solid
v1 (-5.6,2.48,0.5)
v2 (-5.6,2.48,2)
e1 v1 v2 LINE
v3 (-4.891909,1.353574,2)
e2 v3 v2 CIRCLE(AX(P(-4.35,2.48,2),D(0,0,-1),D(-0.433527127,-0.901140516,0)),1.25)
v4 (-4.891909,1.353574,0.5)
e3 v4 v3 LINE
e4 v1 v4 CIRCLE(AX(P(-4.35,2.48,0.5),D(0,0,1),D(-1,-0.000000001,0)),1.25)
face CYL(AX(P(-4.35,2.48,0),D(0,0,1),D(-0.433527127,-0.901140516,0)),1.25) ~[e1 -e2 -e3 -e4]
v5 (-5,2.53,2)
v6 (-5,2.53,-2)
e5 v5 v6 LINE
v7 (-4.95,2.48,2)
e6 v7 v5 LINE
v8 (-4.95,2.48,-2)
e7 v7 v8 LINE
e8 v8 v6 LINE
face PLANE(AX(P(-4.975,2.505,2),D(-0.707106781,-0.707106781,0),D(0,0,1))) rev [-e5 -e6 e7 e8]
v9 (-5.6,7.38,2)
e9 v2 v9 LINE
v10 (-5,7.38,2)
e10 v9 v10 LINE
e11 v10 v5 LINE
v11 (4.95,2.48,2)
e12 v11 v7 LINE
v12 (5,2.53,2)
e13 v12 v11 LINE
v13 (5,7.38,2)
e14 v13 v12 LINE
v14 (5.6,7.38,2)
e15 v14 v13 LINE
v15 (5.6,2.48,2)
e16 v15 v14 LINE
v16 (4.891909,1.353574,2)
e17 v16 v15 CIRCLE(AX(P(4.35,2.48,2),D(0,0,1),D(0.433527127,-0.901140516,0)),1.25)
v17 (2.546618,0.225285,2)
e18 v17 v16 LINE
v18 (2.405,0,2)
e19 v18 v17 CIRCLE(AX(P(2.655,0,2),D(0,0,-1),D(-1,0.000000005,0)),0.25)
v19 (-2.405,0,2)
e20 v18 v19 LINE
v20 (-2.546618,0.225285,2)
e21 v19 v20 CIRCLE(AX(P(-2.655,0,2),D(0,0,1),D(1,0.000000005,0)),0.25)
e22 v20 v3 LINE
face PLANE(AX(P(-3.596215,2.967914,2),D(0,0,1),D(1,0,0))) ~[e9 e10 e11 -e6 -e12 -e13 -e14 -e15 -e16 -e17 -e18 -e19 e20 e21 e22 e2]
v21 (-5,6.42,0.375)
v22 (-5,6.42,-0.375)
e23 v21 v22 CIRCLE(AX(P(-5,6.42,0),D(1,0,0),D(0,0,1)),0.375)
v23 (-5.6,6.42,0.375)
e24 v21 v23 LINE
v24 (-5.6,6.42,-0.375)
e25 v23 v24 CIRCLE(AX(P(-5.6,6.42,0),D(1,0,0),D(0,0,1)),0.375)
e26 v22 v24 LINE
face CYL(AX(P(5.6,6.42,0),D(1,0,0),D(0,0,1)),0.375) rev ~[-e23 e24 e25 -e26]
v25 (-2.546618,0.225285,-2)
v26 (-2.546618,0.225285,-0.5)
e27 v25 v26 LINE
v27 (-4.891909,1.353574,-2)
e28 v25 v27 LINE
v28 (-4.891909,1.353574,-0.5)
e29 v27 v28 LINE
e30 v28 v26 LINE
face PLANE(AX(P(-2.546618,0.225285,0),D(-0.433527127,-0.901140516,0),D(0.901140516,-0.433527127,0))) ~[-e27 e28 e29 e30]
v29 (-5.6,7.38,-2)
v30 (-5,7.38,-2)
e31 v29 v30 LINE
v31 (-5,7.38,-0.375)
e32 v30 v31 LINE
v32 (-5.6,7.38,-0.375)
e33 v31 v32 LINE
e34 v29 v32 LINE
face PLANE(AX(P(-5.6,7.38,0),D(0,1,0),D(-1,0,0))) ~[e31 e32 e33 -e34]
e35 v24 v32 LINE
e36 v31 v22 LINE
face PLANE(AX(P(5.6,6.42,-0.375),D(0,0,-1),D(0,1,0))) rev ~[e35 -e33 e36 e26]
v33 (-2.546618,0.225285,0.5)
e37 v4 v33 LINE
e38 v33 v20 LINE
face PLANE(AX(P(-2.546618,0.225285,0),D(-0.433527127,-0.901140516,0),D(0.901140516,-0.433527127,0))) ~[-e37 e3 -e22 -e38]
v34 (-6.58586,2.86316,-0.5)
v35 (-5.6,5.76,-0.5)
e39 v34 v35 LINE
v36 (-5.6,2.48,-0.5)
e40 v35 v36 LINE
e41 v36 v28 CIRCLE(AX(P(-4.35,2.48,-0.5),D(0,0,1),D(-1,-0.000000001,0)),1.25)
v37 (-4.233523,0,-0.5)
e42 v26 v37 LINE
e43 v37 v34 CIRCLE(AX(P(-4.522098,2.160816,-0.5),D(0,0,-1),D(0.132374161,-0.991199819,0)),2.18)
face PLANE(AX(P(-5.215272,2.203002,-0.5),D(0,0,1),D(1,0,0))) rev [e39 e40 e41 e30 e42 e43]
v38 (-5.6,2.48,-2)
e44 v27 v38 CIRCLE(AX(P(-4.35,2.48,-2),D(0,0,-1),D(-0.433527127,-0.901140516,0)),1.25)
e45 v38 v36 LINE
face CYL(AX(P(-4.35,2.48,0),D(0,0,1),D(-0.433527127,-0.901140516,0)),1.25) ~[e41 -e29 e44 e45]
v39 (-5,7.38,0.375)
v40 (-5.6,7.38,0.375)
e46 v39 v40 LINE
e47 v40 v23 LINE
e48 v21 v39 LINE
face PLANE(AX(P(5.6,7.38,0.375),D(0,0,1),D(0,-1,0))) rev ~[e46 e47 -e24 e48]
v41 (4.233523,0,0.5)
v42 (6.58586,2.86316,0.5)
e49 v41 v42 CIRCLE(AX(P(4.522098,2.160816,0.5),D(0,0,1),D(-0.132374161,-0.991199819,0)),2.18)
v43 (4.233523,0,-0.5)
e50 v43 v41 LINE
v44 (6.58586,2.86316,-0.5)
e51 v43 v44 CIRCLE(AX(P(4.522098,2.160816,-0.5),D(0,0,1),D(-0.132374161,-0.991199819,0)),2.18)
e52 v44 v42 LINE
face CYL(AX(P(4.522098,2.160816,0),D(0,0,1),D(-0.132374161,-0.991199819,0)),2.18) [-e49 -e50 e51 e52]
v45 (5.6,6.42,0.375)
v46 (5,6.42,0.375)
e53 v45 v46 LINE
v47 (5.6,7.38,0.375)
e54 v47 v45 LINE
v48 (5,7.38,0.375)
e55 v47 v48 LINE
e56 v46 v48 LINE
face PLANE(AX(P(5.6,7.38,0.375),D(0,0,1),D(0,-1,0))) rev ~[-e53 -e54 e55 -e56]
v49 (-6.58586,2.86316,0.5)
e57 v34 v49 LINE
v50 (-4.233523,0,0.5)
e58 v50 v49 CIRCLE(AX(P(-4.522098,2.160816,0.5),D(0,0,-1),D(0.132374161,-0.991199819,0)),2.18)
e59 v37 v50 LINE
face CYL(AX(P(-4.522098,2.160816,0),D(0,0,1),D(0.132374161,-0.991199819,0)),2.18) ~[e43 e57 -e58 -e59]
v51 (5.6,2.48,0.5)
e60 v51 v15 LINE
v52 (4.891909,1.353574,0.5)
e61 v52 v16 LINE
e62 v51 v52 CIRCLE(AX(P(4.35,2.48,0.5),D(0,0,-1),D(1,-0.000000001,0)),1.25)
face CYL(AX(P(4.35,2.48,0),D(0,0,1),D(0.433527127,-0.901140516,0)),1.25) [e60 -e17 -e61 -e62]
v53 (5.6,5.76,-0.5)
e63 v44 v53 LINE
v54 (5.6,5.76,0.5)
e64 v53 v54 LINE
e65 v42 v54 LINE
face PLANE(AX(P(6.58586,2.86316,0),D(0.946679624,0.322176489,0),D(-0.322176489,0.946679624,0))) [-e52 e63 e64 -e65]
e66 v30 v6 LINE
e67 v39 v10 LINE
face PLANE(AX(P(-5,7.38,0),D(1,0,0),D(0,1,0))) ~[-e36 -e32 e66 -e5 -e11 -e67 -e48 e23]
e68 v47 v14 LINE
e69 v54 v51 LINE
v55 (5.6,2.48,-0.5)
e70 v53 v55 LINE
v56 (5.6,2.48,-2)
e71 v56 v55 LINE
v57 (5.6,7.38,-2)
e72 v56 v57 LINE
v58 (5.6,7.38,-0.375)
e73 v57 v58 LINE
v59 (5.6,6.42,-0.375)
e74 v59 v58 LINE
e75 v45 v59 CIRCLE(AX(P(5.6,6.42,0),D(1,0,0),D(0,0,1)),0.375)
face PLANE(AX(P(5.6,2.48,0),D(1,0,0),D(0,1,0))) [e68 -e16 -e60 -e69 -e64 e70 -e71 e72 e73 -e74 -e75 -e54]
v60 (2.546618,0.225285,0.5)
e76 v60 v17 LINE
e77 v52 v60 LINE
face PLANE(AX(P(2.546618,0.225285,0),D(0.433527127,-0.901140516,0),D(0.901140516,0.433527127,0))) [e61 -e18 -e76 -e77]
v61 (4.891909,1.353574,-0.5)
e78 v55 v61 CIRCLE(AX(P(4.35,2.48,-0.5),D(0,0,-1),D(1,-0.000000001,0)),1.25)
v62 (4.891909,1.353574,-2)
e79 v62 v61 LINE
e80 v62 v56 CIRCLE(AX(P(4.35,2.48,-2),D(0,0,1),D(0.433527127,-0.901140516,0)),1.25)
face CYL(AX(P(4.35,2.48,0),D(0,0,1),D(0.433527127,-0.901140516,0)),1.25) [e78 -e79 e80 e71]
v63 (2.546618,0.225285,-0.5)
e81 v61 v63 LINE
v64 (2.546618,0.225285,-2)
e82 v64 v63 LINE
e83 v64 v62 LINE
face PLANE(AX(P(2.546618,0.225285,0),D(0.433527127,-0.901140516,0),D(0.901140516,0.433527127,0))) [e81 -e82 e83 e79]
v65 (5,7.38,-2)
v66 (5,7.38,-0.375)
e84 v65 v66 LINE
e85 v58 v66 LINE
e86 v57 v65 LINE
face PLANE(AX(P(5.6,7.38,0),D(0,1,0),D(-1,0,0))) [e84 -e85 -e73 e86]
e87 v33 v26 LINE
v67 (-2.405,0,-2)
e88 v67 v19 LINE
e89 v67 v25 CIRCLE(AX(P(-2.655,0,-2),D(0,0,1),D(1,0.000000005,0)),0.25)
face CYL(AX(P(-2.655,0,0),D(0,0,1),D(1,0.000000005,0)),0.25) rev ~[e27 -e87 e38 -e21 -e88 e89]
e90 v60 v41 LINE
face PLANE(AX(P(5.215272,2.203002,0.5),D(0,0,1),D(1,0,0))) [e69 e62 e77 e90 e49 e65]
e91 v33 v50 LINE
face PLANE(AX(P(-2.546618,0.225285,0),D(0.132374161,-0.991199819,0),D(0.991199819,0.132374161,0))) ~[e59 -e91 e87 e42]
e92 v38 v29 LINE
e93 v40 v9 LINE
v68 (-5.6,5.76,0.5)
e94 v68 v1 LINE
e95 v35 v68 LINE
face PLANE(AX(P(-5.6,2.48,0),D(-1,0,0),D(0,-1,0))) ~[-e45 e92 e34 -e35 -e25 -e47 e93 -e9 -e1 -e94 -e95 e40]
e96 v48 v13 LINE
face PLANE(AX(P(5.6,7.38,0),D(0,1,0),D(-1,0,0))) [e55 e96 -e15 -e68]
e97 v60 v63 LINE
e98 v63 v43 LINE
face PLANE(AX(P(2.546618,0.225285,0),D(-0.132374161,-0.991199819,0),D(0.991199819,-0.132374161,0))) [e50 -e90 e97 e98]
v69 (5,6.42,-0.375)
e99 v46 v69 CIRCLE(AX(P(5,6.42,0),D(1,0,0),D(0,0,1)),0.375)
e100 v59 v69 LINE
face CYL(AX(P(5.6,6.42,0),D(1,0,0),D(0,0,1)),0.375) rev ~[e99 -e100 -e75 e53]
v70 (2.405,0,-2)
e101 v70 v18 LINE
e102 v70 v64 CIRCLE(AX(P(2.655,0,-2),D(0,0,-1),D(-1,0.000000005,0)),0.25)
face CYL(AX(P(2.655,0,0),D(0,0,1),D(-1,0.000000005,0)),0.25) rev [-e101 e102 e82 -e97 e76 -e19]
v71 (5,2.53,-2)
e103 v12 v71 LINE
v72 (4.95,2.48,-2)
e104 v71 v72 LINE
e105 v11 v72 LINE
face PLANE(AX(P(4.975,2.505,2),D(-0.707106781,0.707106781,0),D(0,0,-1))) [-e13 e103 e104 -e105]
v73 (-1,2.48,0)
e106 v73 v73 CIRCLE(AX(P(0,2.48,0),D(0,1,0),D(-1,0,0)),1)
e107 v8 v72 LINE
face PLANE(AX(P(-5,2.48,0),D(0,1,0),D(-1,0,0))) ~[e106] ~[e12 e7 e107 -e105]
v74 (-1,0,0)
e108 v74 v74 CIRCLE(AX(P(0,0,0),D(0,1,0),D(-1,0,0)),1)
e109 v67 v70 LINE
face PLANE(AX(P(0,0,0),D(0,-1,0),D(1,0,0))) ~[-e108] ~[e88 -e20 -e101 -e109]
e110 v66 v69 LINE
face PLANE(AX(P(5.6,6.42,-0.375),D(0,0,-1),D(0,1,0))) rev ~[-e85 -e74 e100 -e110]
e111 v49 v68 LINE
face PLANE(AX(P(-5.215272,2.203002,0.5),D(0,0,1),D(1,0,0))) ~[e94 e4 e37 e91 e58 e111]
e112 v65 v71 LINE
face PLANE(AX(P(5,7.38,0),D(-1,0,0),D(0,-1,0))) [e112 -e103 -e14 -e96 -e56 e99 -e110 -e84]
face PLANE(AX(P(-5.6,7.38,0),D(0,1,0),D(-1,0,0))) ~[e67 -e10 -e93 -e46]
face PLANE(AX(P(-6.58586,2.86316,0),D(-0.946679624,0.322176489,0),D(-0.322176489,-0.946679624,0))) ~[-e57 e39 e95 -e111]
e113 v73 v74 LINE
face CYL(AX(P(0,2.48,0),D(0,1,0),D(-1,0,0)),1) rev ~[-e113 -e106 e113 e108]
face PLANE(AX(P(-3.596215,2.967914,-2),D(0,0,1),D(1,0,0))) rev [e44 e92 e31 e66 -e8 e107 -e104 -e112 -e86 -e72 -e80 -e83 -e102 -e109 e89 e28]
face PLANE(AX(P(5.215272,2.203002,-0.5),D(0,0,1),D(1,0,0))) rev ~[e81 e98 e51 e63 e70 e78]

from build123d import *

# Parameters (mm, degrees)
BOSS_EXTRUDE1_DEPTH = 2
CHAMFER1_SIZE       = 0.05
BOSS_EXTRUDE2_DEPTH = 0.5
CUT_EXTRUDE1_DEPTH  = 15.484682492
SKETCH5_R           = 1
CUT_EXTRUDE2_DEPTH  = 9.539796483


with BuildPart() as part:
    # Sketch1 → Boss-Extrude1 (new, symmetric)
    with BuildSketch(Plane.XY):
        with BuildLine():
            Line((0, 0), (2.405, 0))
            ThreePointArc((2.405, 0), (2.443345275, 0.133049905), (2.546618218, 0.225285129))
            Line((2.546618218, 0.225285129), (4.891908909, 1.353574355))
            ThreePointArc((4.891908909, 1.353574355), (5.408273626, 1.814750474), (5.6, 2.48))
            Line((5.6, 2.48), (5.6, 7.38))
            Line((5.6, 7.38), (5, 7.38))
            Line((5, 7.38), (5, 2.48))
            Line((5, 2.48), (0, 2.48))
            Line((0, 2.48), (0, 0))
        make_face()
    boss_extrude1 = extrude(amount=BOSS_EXTRUDE1_DEPTH, both=True)

    # Mirror1: Boss-Extrude1 across plane
    add(boss_extrude1.mirror(Plane(origin=(0, 0, 0), x_dir=(0, 0, 1), z_dir=(1, 0, 0))))

    # Chamfer1
    chamfer1_edges = [part.edges().sort_by_distance(p)[0] for p in [
        (5, 2.48, 0),
        (-5, 2.48, 0),
    ]]
    chamfer(chamfer1_edges, length=CHAMFER1_SIZE)

    # Sketch3 → Boss-Extrude2 (add, symmetric)
    with BuildSketch(Plane.XY):
        with BuildLine():
            Line((2.546618218, 0.225285129), (4.233522805, 0))
            ThreePointArc((4.233522805, 0), (6.206510258, 0.776923649), (6.585860055, 2.863160351))
            Line((6.585860055, 2.863160351), (5.6, 5.76))
            Line((5.6, 5.76), (5.6, 2.48))
            ThreePointArc((5.6, 2.48), (5.408273626, 1.814750474), (4.891908909, 1.353574355))
            Line((4.891908909, 1.353574355), (2.546618218, 0.225285129))
        make_face()
    boss_extrude2 = extrude(amount=BOSS_EXTRUDE2_DEPTH, both=True)

    # Mirror2: Boss-Extrude2 across plane
    add(boss_extrude2.mirror(Plane(origin=(0, 0, 0), x_dir=(0, 0, 1), z_dir=(1, 0, 0))))

    # Sketch4 → Cut-Extrude1 (cut, through all)
    with BuildSketch(Plane(origin=(5.6, 0, 0), x_dir=(0, 0, -1), z_dir=(1, 0, 0))):
        with BuildLine():
            Line((0.375, 6.42), (0.375, 7.38))
            Line((0.375, 7.38), (-0.375, 7.38))
            Line((-0.375, 7.38), (-0.375, 6.42))
            ThreePointArc((-0.375, 6.42), (0, 6.045), (0.375, 6.42))
        make_face()
    extrude(amount=-CUT_EXTRUDE1_DEPTH, mode=Mode.SUBTRACT)

    # Sketch5 → Cut-Extrude2 (cut, through all)
    with BuildSketch(Plane(origin=(0, 2.48, 0), x_dir=(1, 0, 0), z_dir=(0, 1, 0))):
        with Locations(Location((0, 0, 0), (0, 0, 180))):
            Circle(SKETCH5_R)
    extrude(amount=-CUT_EXTRUDE2_DEPTH, mode=Mode.SUBTRACT)


solid = part.part
